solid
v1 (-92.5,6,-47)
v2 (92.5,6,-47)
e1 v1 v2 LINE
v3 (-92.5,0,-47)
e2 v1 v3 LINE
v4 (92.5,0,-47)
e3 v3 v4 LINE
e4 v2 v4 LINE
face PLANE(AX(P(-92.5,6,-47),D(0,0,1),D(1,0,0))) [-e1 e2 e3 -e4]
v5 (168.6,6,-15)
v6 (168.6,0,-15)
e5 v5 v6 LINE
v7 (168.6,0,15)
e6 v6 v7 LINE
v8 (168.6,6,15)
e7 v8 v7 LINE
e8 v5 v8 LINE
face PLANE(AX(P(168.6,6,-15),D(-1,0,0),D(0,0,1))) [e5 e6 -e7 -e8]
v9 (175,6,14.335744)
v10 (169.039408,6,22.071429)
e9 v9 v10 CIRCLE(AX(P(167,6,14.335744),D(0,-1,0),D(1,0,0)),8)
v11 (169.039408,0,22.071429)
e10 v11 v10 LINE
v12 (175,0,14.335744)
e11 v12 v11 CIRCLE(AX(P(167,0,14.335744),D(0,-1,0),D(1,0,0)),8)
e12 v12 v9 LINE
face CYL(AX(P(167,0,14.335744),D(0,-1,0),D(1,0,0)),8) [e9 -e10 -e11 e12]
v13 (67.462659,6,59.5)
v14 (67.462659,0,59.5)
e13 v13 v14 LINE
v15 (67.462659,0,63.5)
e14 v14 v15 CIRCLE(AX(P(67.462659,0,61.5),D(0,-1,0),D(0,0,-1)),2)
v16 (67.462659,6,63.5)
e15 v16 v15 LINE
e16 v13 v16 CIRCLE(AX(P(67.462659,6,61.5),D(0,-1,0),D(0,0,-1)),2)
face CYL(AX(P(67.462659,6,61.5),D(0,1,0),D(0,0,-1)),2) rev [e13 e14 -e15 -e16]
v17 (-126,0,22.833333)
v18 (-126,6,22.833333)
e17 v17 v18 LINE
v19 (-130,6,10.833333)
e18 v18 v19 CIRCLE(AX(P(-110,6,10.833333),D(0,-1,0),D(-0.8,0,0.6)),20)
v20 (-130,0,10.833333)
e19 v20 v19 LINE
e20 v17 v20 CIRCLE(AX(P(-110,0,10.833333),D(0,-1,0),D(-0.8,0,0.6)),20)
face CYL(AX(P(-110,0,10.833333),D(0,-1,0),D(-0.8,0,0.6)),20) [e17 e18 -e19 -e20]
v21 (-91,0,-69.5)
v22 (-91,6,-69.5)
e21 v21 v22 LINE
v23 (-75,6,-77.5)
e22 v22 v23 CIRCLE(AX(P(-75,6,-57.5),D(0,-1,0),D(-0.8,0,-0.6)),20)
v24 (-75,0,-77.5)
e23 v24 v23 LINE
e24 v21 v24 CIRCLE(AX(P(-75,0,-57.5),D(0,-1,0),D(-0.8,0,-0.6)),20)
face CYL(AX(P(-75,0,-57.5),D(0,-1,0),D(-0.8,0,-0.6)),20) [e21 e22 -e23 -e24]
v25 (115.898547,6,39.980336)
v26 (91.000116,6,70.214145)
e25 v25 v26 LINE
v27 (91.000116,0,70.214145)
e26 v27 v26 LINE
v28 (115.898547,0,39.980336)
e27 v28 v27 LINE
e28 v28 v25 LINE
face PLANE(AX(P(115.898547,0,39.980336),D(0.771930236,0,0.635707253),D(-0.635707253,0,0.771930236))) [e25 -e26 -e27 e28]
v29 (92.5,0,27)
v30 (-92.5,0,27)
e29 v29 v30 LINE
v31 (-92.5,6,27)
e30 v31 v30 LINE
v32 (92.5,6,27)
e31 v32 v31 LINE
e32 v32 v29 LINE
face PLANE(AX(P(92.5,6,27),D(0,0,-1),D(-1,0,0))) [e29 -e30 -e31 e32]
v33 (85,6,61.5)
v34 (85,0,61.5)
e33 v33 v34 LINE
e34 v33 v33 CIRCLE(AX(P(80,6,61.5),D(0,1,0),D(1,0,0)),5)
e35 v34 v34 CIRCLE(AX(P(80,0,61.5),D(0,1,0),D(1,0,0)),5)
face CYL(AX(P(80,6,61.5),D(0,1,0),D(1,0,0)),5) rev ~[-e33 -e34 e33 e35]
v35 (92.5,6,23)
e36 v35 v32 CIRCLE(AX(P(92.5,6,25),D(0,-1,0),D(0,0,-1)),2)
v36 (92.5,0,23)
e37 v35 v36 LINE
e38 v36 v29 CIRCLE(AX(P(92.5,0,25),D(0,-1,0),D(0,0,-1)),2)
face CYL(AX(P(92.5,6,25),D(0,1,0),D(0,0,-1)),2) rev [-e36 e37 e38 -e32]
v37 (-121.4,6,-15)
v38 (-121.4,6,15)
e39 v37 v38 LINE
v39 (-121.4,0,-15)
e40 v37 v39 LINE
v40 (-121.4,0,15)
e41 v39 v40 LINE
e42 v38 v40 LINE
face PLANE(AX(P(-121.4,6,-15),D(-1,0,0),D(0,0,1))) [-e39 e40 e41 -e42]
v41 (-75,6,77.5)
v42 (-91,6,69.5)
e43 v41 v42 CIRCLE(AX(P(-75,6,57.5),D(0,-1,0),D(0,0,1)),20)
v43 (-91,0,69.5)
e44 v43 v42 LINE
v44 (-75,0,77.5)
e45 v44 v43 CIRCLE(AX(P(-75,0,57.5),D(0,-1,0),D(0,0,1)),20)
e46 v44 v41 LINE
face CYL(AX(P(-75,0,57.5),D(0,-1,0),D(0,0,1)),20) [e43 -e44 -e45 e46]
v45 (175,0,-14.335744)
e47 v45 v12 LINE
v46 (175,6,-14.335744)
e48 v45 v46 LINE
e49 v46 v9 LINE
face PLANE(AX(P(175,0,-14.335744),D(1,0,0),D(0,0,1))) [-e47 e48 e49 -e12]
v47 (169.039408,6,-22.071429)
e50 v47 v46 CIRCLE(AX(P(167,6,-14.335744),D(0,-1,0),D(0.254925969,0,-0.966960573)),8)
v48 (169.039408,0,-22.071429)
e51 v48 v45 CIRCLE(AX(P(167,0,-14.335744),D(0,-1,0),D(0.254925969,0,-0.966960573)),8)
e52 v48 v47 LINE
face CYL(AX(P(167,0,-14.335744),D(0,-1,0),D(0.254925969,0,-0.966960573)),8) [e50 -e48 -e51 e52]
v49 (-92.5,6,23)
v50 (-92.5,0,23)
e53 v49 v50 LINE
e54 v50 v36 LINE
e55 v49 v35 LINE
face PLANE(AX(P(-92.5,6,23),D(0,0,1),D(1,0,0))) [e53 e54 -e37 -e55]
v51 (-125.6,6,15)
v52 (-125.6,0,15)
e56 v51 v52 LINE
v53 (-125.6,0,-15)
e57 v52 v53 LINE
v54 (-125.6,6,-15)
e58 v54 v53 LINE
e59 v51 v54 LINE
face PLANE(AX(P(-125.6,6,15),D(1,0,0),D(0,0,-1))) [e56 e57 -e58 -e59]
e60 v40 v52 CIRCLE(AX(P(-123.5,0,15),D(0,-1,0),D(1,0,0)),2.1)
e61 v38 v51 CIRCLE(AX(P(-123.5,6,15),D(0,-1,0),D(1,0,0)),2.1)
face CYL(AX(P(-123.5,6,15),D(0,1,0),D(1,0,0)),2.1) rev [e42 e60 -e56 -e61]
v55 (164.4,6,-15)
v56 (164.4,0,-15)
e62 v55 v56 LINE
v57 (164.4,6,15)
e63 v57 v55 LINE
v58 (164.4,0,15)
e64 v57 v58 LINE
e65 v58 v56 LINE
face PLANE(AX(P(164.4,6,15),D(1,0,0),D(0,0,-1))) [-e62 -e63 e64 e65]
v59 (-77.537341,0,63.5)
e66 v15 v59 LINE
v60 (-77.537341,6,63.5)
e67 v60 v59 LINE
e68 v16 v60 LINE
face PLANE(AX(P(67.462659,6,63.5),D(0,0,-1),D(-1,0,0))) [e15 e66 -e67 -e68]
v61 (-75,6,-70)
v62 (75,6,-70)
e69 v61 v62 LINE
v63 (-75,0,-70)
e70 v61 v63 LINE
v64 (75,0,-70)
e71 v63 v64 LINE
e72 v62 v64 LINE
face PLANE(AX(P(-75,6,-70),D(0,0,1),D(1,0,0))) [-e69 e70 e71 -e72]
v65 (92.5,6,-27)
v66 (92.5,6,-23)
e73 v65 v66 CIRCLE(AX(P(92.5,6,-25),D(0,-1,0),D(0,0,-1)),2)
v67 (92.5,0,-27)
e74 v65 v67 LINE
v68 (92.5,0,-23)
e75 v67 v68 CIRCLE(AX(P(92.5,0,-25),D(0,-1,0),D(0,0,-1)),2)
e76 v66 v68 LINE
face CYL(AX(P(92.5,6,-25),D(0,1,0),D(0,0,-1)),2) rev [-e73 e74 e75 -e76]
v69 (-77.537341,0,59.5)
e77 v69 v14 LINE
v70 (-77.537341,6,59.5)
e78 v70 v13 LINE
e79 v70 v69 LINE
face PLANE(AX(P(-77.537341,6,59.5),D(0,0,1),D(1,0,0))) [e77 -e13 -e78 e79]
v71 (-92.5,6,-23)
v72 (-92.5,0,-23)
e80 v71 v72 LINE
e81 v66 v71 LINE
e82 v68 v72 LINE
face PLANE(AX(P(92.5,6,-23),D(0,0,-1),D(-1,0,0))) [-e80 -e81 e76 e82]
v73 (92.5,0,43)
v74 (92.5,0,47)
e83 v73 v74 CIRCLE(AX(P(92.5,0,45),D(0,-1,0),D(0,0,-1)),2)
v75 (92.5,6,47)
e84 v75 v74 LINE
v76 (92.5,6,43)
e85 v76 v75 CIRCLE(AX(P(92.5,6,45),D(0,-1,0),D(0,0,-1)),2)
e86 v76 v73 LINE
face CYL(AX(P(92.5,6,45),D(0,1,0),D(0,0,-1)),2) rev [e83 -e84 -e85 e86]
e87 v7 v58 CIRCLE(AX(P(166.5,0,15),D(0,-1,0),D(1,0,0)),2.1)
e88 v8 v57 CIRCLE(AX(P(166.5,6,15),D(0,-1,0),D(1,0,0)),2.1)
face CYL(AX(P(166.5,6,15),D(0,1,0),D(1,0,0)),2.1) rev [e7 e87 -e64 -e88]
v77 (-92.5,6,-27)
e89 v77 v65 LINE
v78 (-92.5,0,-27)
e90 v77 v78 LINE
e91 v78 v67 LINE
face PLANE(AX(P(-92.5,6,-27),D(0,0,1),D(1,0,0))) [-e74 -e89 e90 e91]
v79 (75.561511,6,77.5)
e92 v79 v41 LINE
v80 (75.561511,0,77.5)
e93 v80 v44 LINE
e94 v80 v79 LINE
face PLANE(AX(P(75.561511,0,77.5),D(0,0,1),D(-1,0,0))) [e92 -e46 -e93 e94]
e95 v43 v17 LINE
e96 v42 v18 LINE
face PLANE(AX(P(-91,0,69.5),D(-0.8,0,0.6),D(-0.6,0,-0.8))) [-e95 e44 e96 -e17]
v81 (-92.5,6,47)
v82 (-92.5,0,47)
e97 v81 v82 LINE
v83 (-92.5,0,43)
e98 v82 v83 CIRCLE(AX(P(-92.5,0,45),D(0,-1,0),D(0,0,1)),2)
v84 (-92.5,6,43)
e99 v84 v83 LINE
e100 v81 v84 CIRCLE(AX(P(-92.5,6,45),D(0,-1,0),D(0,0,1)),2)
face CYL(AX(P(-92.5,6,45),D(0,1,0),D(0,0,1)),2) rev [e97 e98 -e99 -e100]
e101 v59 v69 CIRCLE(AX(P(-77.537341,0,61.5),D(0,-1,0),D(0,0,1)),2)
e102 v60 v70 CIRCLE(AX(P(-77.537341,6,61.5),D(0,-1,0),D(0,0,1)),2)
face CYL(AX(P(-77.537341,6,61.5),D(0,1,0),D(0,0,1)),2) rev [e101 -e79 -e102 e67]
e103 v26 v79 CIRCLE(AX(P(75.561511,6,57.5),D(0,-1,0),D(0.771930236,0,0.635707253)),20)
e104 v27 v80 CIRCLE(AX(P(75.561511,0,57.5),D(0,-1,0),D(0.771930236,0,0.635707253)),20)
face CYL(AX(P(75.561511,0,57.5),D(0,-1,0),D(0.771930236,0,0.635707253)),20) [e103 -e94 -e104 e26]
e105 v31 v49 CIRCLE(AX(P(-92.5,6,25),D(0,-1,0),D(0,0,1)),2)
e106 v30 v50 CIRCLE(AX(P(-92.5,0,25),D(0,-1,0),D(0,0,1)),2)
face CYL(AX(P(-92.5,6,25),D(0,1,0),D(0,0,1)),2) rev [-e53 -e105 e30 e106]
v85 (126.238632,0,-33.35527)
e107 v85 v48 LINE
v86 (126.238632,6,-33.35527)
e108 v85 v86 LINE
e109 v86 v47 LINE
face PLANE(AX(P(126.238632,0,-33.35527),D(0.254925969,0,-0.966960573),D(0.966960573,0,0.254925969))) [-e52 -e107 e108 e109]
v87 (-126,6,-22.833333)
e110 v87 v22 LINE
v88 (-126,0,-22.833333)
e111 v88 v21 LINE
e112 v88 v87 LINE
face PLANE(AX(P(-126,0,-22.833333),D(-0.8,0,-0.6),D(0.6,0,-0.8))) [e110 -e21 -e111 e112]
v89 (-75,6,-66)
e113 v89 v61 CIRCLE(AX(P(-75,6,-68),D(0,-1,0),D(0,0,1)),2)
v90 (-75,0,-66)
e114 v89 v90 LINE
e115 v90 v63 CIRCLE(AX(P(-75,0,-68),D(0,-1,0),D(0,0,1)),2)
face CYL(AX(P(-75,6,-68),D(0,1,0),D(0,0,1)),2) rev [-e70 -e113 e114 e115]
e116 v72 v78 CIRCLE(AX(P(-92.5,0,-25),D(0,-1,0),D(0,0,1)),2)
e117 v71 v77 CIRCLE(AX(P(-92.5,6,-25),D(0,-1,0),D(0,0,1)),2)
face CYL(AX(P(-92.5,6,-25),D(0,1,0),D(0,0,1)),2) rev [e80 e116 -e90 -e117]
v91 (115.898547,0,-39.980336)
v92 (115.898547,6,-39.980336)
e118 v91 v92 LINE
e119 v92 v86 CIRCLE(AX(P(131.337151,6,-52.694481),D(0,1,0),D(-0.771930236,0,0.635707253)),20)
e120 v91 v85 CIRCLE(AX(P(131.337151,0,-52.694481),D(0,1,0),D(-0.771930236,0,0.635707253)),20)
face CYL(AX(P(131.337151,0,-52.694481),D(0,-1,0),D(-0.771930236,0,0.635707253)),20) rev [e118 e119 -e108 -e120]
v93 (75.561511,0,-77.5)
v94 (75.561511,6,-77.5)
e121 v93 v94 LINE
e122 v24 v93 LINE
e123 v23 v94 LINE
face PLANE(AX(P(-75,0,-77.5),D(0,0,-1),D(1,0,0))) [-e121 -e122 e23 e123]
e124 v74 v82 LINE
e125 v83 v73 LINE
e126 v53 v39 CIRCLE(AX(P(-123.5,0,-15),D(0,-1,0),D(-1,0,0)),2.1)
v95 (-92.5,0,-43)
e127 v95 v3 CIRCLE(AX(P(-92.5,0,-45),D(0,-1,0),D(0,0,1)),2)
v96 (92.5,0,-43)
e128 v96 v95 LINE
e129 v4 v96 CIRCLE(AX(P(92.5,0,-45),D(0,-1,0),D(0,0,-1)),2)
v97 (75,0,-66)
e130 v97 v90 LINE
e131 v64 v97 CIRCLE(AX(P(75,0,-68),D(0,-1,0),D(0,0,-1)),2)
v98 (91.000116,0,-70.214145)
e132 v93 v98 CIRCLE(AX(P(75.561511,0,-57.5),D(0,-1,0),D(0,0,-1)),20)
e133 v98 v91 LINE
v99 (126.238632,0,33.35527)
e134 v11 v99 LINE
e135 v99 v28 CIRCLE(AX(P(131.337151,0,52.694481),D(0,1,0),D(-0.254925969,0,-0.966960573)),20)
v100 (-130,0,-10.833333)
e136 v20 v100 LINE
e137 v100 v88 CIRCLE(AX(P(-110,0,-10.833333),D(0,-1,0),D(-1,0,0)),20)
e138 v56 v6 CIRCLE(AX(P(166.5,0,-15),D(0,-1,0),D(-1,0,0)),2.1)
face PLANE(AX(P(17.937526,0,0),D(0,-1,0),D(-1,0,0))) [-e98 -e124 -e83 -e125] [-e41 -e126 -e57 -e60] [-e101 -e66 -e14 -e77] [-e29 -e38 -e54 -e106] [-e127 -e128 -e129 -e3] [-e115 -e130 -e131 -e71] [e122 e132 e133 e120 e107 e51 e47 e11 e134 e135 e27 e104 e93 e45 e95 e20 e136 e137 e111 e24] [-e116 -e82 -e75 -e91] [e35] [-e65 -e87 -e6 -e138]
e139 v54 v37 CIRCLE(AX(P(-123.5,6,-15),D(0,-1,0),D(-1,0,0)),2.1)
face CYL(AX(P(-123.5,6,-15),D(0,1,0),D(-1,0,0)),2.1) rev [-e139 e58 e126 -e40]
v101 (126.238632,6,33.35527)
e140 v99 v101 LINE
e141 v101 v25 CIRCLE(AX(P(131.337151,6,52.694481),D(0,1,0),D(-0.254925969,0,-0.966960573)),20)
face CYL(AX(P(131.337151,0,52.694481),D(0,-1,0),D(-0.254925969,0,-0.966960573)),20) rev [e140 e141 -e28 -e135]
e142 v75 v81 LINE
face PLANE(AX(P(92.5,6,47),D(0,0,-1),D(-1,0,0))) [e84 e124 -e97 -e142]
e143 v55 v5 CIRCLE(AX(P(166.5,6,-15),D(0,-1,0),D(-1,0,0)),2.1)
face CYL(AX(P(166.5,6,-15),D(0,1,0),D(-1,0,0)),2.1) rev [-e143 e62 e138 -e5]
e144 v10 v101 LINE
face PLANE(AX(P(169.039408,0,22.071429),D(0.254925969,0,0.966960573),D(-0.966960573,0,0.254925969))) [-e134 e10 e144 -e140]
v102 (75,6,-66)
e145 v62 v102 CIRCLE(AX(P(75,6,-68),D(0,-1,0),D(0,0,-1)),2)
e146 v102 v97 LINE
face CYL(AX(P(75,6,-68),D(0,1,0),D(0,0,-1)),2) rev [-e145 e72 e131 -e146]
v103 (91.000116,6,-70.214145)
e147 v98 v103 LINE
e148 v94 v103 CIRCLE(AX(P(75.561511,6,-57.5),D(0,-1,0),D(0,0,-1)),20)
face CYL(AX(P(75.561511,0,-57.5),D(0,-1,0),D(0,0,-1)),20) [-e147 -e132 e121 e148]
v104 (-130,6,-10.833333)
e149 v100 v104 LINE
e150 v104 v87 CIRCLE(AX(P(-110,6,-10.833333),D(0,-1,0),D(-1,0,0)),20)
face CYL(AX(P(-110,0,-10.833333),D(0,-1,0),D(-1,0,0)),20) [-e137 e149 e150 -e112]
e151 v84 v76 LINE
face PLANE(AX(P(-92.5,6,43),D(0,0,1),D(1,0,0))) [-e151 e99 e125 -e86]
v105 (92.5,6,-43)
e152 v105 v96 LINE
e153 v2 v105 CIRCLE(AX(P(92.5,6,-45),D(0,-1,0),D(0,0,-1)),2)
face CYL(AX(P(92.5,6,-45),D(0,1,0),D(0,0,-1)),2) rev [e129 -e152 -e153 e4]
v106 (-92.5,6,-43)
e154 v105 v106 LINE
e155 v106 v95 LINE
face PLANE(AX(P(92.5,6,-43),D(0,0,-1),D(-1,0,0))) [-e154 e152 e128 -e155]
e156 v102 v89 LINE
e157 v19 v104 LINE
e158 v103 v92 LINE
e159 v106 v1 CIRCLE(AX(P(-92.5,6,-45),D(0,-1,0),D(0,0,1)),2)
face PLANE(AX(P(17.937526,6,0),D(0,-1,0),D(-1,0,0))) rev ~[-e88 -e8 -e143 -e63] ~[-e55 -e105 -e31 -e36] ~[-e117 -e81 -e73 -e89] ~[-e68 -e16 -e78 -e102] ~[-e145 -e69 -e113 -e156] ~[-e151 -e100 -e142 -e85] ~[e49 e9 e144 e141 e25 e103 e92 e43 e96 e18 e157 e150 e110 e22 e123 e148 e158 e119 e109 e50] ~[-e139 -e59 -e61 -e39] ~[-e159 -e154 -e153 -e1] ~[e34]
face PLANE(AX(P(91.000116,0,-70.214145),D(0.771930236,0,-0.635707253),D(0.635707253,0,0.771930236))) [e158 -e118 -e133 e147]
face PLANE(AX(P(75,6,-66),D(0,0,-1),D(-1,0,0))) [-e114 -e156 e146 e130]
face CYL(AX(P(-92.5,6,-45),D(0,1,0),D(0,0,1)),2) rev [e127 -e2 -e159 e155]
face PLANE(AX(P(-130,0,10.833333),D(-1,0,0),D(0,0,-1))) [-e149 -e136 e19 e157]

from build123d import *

# Parameters (mm, degrees)
BOSS_EXTRUDE2_DEPTH = 6
SKETCH2_R           = 5
CUT_EXTRUDE2_DEPTH  = 6


with BuildPart() as part:
    # Sketch1 → Boss-Extrude2 (new body)
    with BuildSketch(Plane(origin=(0, 0, 0), x_dir=(1, 0, 0), z_dir=(0, 1, 0))):
        with BuildLine():
            Line((-91, -69.5), (-126, -22.833333333))
            ThreePointArc((-126, -22.833333333), (-128.973665961, -17.157888654), (-130, -10.833333333))
            Line((-130, -10.833333333), (-130, 10.833333333))
            ThreePointArc((-130, 10.833333333), (-128.973665961, 17.157888654), (-126, 22.833333333))
            Line((-126, 22.833333333), (-91, 69.5))
            ThreePointArc((-91, 69.5), (-83.94427191, 75.38854382), (-75, 77.5))
            Line((-75, 77.5), (75.561511123, 77.5))
            ThreePointArc((75.561511123, 77.5), (84.097233086, 75.587052014), (91.000115835, 70.214145057))
            Line((91.000115835, 70.214145057), (115.898546704, 39.980336145))
            ThreePointArc((115.898546704, 39.980336145), (120.54751552, 35.854535916), (126.238632031, 33.355269737))
            Line((126.238632031, 33.355269737), (169.039407754, 22.071428865))
            ThreePointArc((169.039407754, 22.071428865), (173.337004893, 19.218609112), (175, 14.335744279))
            Line((175, 14.335744279), (175, -14.335744279))
            ThreePointArc((175, -14.335744279), (173.337004893, -19.218609112), (169.039407754, -22.071428865))
            Line((169.039407754, -22.071428865), (126.238632031, -33.355269737))
            ThreePointArc((126.238632031, -33.355269737), (120.54751552, -35.854535916), (115.898546704, -39.980336145))
            Line((115.898546704, -39.980336145), (91.000115835, -70.214145057))
            ThreePointArc((91.000115835, -70.214145057), (84.097233086, -75.587052014), (75.561511123, -77.5))
            Line((75.561511123, -77.5), (-75, -77.5))
            ThreePointArc((-75, -77.5), (-83.94427191, -75.38854382), (-91, -69.5))
        make_face()
    extrude(amount=BOSS_EXTRUDE2_DEPTH)

    # Sketch2 → Cut-Extrude2 (cut)
    with BuildSketch(Plane(origin=(0, 6, 0), x_dir=(1, 0, 0), z_dir=(0, 1, 0))):
        with Locations((80, -61.5)):
            Circle(SKETCH2_R)
        with BuildLine():
            Line((168.6, 15), (168.6, -15))
            ThreePointArc((168.6, -15), (166.5, -17.1), (164.4, -15))
            Line((164.4, -15), (164.4, 15))
            ThreePointArc((164.4, 15), (166.5, 17.1), (168.6, 15))
        make_face()
        with BuildLine():
            Line((-121.4, 15), (-121.4, -15))
            ThreePointArc((-121.4, -15), (-123.5, -17.1), (-125.6, -15))
            Line((-125.6, -15), (-125.6, 15))
            ThreePointArc((-125.6, 15), (-123.5, 17.1), (-121.4, 15))
        make_face()
        with BuildLine():
            Line((-92.5, 47), (92.5, 47))
            ThreePointArc((92.5, 47), (94.5, 45), (92.5, 43))
            Line((92.5, 43), (-92.5, 43))
            ThreePointArc((-92.5, 43), (-94.5, 45), (-92.5, 47))
        make_face()
        with BuildLine():
            Line((-92.5, -43), (92.5, -43))
            ThreePointArc((92.5, -43), (94.5, -45), (92.5, -47))
            Line((92.5, -47), (-92.5, -47))
            ThreePointArc((-92.5, -47), (-94.5, -45), (-92.5, -43))
        make_face()
        with BuildLine():
            Line((-92.5, 27), (92.5, 27))
            ThreePointArc((92.5, 27), (94.5, 25), (92.5, 23))
            Line((92.5, 23), (-92.5, 23))
            ThreePointArc((-92.5, 23), (-94.5, 25), (-92.5, 27))
        make_face()
        with BuildLine():
            Line((-92.5, -23), (92.5, -23))
            ThreePointArc((92.5, -23), (94.5, -25), (92.5, -27))
            Line((92.5, -27), (-92.5, -27))
            ThreePointArc((-92.5, -27), (-94.5, -25), (-92.5, -23))
        make_face()
        with BuildLine():
            Line((-75, 70), (75, 70))
            ThreePointArc((75, 70), (77, 68), (75, 66))
            Line((75, 66), (-75, 66))
            ThreePointArc((-75, 66), (-77, 68), (-75, 70))
        make_face()
        with BuildLine():
            Line((-77.53734134, -59.5), (67.46265866, -59.5))
            ThreePointArc((67.46265866, -59.5), (69.46265866, -61.5), (67.46265866, -63.5))
            Line((67.46265866, -63.5), (-77.53734134, -63.5))
            ThreePointArc((-77.53734134, -63.5), (-79.53734134, -61.5), (-77.53734134, -59.5))
        make_face()
    extrude(amount=-CUT_EXTRUDE2_DEPTH, mode=Mode.SUBTRACT)


solid = part.part
